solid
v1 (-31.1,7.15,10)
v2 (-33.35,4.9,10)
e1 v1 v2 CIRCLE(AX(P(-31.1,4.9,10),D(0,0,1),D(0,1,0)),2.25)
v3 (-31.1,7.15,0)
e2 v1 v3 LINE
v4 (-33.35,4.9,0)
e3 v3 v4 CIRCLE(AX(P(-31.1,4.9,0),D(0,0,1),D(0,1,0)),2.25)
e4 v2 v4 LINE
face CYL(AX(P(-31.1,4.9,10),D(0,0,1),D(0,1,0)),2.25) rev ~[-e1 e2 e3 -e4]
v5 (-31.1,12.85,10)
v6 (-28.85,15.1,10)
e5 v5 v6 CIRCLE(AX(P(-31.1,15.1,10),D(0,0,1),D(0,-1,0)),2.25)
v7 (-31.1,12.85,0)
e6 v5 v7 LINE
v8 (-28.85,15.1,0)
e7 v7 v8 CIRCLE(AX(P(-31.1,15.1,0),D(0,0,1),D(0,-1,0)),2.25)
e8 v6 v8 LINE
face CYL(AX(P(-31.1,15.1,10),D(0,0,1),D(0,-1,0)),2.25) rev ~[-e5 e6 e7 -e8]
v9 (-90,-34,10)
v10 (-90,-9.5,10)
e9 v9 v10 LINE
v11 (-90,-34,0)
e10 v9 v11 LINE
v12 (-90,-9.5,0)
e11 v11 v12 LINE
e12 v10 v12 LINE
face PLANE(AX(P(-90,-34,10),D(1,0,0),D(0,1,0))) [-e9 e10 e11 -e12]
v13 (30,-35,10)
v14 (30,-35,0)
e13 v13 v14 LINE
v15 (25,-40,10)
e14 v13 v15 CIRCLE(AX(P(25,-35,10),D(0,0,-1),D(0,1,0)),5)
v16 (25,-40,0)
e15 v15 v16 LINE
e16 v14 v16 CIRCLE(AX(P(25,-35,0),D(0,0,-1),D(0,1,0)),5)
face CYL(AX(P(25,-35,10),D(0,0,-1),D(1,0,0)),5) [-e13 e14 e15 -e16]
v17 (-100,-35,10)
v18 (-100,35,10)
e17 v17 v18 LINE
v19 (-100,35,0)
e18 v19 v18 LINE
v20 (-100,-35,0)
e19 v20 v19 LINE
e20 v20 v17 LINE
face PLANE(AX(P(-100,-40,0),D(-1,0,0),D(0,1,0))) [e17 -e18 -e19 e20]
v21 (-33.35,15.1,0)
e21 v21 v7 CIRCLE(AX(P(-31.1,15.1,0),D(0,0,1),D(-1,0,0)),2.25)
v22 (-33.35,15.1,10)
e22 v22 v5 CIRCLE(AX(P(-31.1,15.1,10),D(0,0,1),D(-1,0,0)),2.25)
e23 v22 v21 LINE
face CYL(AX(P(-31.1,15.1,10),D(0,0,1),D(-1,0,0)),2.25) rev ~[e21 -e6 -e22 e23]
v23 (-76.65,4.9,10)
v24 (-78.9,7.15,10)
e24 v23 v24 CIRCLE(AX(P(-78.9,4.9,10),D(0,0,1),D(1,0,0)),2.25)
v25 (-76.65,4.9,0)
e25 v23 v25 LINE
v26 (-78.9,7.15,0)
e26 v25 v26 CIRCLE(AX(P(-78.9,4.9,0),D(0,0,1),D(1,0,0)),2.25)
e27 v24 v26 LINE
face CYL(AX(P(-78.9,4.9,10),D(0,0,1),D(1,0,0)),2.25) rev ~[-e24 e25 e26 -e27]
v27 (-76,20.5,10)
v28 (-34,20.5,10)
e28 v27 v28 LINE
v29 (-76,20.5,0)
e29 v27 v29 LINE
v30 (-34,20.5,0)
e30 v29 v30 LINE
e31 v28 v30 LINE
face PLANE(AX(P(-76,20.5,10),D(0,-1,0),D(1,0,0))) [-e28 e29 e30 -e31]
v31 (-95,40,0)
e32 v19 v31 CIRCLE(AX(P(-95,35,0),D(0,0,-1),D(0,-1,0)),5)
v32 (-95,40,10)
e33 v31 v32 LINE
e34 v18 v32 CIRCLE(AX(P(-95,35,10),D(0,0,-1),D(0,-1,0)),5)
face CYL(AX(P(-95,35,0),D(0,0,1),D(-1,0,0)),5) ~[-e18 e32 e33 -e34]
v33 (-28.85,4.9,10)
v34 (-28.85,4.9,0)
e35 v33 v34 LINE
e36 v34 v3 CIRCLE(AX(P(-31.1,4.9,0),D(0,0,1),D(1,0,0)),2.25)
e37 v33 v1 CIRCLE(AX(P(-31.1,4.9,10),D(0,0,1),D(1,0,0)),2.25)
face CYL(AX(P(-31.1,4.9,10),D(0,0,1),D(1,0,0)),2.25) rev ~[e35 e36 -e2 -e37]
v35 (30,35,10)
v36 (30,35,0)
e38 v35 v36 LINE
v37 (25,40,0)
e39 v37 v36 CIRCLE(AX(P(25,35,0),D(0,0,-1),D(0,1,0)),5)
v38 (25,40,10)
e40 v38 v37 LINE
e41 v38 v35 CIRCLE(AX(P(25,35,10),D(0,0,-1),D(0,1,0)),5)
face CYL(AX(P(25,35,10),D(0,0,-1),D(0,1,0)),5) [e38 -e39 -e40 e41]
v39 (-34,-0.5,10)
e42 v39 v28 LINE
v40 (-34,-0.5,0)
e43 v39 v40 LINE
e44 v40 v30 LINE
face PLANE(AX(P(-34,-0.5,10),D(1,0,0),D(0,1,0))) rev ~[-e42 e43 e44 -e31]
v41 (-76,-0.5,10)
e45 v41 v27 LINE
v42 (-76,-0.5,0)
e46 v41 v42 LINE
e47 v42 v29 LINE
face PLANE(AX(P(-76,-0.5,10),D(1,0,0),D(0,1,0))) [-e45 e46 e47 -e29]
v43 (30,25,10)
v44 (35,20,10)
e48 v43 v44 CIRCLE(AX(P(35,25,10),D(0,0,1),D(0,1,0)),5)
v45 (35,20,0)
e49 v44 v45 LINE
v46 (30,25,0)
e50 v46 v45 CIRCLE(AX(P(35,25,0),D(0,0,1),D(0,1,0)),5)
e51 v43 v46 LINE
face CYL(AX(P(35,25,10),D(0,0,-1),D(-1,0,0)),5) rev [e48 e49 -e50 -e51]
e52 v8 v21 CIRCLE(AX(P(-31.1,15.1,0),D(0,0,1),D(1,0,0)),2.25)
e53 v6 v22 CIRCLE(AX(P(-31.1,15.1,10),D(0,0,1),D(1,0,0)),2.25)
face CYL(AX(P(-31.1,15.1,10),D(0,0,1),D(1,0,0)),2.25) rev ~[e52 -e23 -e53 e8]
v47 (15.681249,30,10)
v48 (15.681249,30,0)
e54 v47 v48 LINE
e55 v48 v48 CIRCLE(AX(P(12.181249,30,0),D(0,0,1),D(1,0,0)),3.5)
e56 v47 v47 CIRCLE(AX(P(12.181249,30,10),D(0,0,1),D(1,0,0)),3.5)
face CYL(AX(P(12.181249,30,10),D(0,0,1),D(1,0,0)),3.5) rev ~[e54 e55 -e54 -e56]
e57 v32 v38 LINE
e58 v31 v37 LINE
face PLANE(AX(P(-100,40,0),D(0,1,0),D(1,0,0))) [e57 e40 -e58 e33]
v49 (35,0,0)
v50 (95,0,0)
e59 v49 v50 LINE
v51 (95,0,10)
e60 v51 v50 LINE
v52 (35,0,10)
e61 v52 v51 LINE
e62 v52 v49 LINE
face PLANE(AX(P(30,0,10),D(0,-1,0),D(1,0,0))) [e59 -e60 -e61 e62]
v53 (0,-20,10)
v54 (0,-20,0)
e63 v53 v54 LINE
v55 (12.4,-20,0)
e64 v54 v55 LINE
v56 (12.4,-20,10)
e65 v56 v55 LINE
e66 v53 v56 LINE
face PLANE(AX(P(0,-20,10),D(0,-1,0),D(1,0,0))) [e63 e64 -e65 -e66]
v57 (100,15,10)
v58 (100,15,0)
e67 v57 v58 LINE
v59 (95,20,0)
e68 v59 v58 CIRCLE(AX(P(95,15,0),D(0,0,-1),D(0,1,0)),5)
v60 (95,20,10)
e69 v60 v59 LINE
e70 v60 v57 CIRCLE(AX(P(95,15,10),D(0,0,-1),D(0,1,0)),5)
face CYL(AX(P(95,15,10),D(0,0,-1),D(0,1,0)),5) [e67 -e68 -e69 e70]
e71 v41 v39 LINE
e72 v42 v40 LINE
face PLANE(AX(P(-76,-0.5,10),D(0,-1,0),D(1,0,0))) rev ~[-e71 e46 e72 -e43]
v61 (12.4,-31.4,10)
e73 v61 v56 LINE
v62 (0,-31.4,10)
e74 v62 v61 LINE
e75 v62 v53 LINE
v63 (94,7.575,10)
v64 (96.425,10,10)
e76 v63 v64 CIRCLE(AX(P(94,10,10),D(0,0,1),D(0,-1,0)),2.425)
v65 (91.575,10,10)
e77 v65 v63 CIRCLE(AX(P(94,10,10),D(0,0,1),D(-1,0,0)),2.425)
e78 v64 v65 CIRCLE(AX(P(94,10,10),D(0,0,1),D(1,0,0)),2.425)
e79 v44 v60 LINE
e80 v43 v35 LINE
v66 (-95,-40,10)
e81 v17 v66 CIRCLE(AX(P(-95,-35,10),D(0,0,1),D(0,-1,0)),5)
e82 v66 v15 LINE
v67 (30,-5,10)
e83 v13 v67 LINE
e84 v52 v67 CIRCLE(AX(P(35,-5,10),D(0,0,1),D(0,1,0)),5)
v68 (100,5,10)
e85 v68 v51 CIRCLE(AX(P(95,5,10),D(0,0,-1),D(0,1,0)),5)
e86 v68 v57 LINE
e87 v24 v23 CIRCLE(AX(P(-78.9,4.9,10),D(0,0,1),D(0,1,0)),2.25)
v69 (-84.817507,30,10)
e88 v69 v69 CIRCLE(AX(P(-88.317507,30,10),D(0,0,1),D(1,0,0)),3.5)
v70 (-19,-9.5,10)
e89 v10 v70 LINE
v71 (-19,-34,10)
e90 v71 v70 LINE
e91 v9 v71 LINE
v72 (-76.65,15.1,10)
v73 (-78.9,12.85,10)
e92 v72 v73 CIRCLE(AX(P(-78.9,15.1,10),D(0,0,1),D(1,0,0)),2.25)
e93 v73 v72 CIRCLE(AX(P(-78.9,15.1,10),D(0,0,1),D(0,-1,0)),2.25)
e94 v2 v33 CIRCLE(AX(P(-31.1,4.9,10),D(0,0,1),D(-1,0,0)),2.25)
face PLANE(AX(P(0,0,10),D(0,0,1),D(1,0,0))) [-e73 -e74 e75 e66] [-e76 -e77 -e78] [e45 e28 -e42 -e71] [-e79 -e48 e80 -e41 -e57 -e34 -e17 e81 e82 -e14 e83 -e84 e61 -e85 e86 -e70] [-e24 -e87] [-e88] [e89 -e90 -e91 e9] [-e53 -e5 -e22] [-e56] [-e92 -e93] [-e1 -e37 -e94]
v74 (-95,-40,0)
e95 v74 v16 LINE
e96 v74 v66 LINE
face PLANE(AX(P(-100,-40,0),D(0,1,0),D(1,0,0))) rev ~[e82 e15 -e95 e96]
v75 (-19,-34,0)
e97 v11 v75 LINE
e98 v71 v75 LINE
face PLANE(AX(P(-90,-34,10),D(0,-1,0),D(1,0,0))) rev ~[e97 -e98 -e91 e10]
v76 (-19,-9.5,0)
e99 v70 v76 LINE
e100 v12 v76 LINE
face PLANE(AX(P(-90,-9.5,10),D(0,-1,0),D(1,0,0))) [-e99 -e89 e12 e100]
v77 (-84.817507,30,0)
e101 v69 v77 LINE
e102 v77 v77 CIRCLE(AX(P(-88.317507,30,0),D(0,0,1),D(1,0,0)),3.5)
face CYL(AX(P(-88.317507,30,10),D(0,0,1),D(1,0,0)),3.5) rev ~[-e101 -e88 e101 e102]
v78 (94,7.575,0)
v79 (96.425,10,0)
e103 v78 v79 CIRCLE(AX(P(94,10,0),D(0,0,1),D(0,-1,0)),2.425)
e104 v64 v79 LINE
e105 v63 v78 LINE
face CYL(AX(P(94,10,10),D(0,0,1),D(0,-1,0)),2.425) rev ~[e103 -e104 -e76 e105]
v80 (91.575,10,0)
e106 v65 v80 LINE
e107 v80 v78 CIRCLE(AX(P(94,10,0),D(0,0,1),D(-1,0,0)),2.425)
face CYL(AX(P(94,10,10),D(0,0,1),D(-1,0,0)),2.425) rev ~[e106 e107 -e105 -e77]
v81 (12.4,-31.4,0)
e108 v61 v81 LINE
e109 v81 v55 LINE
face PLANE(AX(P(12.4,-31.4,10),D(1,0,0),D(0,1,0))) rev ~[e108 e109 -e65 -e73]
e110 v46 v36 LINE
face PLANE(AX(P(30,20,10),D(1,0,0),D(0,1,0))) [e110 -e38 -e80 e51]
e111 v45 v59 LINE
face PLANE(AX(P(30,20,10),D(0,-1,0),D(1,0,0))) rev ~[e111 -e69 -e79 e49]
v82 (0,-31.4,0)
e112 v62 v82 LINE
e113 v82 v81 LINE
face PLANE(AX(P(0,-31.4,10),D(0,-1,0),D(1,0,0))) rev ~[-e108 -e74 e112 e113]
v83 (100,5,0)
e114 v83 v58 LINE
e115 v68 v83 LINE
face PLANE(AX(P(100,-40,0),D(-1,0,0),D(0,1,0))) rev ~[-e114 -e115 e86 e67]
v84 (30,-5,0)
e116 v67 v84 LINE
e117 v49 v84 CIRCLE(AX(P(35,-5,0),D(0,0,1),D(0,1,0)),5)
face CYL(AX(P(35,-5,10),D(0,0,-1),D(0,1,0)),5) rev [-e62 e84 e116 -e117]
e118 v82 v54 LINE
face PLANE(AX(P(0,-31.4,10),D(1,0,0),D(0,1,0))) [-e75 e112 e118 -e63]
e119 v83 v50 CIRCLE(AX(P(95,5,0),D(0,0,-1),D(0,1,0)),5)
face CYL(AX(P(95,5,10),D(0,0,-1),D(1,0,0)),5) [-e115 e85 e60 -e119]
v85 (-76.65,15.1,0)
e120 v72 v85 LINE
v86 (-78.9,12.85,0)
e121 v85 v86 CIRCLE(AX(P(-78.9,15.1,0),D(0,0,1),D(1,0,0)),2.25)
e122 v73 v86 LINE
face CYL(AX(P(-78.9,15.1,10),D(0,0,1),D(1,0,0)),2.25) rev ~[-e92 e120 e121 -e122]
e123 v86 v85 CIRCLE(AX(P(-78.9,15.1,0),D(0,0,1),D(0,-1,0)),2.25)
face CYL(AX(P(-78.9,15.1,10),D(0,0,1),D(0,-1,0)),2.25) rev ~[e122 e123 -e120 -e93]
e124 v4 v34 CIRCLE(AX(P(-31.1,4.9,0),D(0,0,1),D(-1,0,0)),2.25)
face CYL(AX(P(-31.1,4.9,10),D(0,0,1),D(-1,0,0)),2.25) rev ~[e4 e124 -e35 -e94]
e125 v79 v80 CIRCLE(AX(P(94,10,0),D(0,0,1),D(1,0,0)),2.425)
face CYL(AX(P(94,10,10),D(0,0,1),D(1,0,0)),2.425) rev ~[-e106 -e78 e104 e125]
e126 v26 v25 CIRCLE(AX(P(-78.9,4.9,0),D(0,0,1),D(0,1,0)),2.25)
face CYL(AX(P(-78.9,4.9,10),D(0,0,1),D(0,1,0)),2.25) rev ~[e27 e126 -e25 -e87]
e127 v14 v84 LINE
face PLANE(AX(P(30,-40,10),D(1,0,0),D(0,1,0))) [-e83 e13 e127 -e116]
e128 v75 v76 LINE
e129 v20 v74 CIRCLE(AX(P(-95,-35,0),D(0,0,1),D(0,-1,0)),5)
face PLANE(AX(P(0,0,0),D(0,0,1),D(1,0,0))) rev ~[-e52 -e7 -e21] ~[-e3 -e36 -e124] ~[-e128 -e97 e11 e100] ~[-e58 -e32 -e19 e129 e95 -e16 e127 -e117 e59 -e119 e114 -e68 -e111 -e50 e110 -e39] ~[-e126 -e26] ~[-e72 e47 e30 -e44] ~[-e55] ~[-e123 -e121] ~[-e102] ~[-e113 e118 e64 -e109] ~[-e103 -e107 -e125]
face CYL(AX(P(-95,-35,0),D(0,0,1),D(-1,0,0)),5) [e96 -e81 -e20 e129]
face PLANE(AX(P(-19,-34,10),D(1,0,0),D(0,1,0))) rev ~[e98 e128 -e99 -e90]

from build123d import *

# Parameters (mm, degrees)
F0_W      = 200
F0_H      = 80
F1_DEPTH  = 10
F2_W      = 42
F2_H      = 21
F3_DEPTH  = 10.001
F4_W      = 71
F4_H      = 24.5
F5_DEPTH  = 10.001
F6_R      = 3.5
F7_DEPTH  = 10.001
F8_R      = 5
F11_W     = 70
F11_H     = 20
F11_H_2   = 40
F9_W      = 12.4
F9_H      = 11.4
F12_DEPTH = 10.001
F13_R     = 5


with BuildPart() as f1:
    # F0 (on Top) → F1 (new body)
    with BuildSketch(Plane.XY):
        Rectangle(F0_W, F0_H)
    extrude(amount=F1_DEPTH)

    # F2 (on face) → F3 (cut, through all)
    with BuildSketch(Plane.XY.offset(10)):
        with Locations((-55, 10)):
            Rectangle(F2_W, F2_H)
    extrude(amount=-F3_DEPTH, mode=Mode.SUBTRACT)

    # F4 (on face) → F5 (cut, through all)
    with BuildSketch(Plane.XY.offset(10)):
        with BuildLine():
            Line((-78.9, 12.85), (-78.9, 15.1))
            Line((-78.9, 15.1), (-76.65, 15.1))
            ThreePointArc((-76.65, 15.1), (-80.4909902577, 16.6909902577), (-78.9, 12.85))
        make_face()
        with BuildLine():
            Line((-76.65, 15.1), (-78.9, 15.1))
            Line((-78.9, 15.1), (-78.9, 12.85))
            ThreePointArc((-78.9, 12.85), (-77.3090097423, 13.5090097423), (-76.65, 15.1))
        make_face()
        with BuildLine():
            Line((-78.9, 4.9), (-78.9, 7.15))
            ThreePointArc((-78.9, 7.15), (-80.4909902577, 3.3090097423), (-76.65, 4.9))
            Line((-76.65, 4.9), (-78.9, 4.9))
        make_face()
        with BuildLine():
            ThreePointArc((-76.65, 4.9), (-77.3090097423, 6.4909902577), (-78.9, 7.15))
            Line((-78.9, 7.15), (-78.9, 4.9))
            Line((-78.9, 4.9), (-76.65, 4.9))
        make_face()
        with BuildLine():
            Line((-31.1, 15.1), (-33.35, 15.1))
            ThreePointArc((-33.35, 15.1), (-32.6909902577, 13.5090097423), (-31.1, 12.85))
            Line((-31.1, 12.85), (-31.1, 15.1))
        make_face()
        with BuildLine():
            ThreePointArc((-28.85, 15.1), (-31.1, 17.35), (-33.35, 15.1))
            Line((-33.35, 15.1), (-31.1, 15.1))
            Line((-31.1, 15.1), (-31.1, 12.85))
            ThreePointArc((-31.1, 12.85), (-29.5090097423, 13.5090097423), (-28.85, 15.1))
        make_face()
        with BuildLine():
            ThreePointArc((-31.1, 7.15), (-32.6909902577, 6.4909902577), (-33.35, 4.9))
            Line((-33.35, 4.9), (-31.1, 4.9))
            Line((-31.1, 4.9), (-31.1, 7.15))
        make_face()
        with BuildLine():
            Line((-31.1, 4.9), (-33.35, 4.9))
            ThreePointArc((-33.35, 4.9), (-31.1, 2.65), (-28.85, 4.9))
            ThreePointArc((-28.85, 4.9), (-29.5090097423, 6.4909902577), (-31.1, 7.15))
            Line((-31.1, 7.15), (-31.1, 4.9))
        make_face()
        with Locations((-54.5, -21.75)):
            Rectangle(F4_W, F4_H)
    extrude(amount=-F5_DEPTH, mode=Mode.SUBTRACT)

    # F6 (on face) → F7 (cut, through all)
    with BuildSketch(Plane.XY.offset(10)):
        with Locations((-88.3175069503, 30)):
            Circle(F6_R)
        with Locations((12.1812492609, 30)):
            Circle(F6_R)
    extrude(amount=-F7_DEPTH, mode=Mode.SUBTRACT)

    # F8
    f8_edges = [f1.edges().sort_by_distance(p)[0] for p in [
        (-100, 40, 5),
        (-100, -40, 5),
        (100, 40, 5),
        (100, -40, 5),
    ]]
    fillet(f8_edges, radius=F8_R)

    # F11 (on face) + F10 (on face) + F9 (on face) → F12 (cut, through all)
    with BuildSketch(Plane.XY.offset(10)):
        with Locations((65, 30)):
            Rectangle(F11_W, F11_H)
        with Locations((65, -20)):
            Rectangle(F11_W, F11_H_2)
    with BuildSketch(Plane.XY.offset(10)):
        with BuildLine():
            ThreePointArc((96.425, 10), (94, 12.425), (91.575, 10))
            Line((91.575, 10), (94, 10))
            Line((94, 10), (94, 7.575))
            ThreePointArc((94, 7.575), (95.7147339444, 8.2852660556), (96.425, 10))
        make_face()
        with BuildLine():
            Line((94, 10), (91.575, 10))
            ThreePointArc((91.575, 10), (92.2852660556, 8.2852660556), (94, 7.575))
            Line((94, 7.575), (94, 10))
        make_face()
    with BuildSketch(Plane.XY.offset(10)):
        with Locations((6.2, -25.7)):
            Rectangle(F9_W, F9_H)
    extrude(amount=-F12_DEPTH, mode=Mode.SUBTRACT)

    # F13
    f13_edges = [f1.edges().sort_by_distance(p)[0] for p in [
        (30, 40, 5),
        (30, 20, 5),
        (100, 20, 5),
        (30, -40, 5),
        (100, 0, 5),
        (30, 0, 5),
    ]]
    fillet(f13_edges, radius=F13_R)


solid = f1.part
